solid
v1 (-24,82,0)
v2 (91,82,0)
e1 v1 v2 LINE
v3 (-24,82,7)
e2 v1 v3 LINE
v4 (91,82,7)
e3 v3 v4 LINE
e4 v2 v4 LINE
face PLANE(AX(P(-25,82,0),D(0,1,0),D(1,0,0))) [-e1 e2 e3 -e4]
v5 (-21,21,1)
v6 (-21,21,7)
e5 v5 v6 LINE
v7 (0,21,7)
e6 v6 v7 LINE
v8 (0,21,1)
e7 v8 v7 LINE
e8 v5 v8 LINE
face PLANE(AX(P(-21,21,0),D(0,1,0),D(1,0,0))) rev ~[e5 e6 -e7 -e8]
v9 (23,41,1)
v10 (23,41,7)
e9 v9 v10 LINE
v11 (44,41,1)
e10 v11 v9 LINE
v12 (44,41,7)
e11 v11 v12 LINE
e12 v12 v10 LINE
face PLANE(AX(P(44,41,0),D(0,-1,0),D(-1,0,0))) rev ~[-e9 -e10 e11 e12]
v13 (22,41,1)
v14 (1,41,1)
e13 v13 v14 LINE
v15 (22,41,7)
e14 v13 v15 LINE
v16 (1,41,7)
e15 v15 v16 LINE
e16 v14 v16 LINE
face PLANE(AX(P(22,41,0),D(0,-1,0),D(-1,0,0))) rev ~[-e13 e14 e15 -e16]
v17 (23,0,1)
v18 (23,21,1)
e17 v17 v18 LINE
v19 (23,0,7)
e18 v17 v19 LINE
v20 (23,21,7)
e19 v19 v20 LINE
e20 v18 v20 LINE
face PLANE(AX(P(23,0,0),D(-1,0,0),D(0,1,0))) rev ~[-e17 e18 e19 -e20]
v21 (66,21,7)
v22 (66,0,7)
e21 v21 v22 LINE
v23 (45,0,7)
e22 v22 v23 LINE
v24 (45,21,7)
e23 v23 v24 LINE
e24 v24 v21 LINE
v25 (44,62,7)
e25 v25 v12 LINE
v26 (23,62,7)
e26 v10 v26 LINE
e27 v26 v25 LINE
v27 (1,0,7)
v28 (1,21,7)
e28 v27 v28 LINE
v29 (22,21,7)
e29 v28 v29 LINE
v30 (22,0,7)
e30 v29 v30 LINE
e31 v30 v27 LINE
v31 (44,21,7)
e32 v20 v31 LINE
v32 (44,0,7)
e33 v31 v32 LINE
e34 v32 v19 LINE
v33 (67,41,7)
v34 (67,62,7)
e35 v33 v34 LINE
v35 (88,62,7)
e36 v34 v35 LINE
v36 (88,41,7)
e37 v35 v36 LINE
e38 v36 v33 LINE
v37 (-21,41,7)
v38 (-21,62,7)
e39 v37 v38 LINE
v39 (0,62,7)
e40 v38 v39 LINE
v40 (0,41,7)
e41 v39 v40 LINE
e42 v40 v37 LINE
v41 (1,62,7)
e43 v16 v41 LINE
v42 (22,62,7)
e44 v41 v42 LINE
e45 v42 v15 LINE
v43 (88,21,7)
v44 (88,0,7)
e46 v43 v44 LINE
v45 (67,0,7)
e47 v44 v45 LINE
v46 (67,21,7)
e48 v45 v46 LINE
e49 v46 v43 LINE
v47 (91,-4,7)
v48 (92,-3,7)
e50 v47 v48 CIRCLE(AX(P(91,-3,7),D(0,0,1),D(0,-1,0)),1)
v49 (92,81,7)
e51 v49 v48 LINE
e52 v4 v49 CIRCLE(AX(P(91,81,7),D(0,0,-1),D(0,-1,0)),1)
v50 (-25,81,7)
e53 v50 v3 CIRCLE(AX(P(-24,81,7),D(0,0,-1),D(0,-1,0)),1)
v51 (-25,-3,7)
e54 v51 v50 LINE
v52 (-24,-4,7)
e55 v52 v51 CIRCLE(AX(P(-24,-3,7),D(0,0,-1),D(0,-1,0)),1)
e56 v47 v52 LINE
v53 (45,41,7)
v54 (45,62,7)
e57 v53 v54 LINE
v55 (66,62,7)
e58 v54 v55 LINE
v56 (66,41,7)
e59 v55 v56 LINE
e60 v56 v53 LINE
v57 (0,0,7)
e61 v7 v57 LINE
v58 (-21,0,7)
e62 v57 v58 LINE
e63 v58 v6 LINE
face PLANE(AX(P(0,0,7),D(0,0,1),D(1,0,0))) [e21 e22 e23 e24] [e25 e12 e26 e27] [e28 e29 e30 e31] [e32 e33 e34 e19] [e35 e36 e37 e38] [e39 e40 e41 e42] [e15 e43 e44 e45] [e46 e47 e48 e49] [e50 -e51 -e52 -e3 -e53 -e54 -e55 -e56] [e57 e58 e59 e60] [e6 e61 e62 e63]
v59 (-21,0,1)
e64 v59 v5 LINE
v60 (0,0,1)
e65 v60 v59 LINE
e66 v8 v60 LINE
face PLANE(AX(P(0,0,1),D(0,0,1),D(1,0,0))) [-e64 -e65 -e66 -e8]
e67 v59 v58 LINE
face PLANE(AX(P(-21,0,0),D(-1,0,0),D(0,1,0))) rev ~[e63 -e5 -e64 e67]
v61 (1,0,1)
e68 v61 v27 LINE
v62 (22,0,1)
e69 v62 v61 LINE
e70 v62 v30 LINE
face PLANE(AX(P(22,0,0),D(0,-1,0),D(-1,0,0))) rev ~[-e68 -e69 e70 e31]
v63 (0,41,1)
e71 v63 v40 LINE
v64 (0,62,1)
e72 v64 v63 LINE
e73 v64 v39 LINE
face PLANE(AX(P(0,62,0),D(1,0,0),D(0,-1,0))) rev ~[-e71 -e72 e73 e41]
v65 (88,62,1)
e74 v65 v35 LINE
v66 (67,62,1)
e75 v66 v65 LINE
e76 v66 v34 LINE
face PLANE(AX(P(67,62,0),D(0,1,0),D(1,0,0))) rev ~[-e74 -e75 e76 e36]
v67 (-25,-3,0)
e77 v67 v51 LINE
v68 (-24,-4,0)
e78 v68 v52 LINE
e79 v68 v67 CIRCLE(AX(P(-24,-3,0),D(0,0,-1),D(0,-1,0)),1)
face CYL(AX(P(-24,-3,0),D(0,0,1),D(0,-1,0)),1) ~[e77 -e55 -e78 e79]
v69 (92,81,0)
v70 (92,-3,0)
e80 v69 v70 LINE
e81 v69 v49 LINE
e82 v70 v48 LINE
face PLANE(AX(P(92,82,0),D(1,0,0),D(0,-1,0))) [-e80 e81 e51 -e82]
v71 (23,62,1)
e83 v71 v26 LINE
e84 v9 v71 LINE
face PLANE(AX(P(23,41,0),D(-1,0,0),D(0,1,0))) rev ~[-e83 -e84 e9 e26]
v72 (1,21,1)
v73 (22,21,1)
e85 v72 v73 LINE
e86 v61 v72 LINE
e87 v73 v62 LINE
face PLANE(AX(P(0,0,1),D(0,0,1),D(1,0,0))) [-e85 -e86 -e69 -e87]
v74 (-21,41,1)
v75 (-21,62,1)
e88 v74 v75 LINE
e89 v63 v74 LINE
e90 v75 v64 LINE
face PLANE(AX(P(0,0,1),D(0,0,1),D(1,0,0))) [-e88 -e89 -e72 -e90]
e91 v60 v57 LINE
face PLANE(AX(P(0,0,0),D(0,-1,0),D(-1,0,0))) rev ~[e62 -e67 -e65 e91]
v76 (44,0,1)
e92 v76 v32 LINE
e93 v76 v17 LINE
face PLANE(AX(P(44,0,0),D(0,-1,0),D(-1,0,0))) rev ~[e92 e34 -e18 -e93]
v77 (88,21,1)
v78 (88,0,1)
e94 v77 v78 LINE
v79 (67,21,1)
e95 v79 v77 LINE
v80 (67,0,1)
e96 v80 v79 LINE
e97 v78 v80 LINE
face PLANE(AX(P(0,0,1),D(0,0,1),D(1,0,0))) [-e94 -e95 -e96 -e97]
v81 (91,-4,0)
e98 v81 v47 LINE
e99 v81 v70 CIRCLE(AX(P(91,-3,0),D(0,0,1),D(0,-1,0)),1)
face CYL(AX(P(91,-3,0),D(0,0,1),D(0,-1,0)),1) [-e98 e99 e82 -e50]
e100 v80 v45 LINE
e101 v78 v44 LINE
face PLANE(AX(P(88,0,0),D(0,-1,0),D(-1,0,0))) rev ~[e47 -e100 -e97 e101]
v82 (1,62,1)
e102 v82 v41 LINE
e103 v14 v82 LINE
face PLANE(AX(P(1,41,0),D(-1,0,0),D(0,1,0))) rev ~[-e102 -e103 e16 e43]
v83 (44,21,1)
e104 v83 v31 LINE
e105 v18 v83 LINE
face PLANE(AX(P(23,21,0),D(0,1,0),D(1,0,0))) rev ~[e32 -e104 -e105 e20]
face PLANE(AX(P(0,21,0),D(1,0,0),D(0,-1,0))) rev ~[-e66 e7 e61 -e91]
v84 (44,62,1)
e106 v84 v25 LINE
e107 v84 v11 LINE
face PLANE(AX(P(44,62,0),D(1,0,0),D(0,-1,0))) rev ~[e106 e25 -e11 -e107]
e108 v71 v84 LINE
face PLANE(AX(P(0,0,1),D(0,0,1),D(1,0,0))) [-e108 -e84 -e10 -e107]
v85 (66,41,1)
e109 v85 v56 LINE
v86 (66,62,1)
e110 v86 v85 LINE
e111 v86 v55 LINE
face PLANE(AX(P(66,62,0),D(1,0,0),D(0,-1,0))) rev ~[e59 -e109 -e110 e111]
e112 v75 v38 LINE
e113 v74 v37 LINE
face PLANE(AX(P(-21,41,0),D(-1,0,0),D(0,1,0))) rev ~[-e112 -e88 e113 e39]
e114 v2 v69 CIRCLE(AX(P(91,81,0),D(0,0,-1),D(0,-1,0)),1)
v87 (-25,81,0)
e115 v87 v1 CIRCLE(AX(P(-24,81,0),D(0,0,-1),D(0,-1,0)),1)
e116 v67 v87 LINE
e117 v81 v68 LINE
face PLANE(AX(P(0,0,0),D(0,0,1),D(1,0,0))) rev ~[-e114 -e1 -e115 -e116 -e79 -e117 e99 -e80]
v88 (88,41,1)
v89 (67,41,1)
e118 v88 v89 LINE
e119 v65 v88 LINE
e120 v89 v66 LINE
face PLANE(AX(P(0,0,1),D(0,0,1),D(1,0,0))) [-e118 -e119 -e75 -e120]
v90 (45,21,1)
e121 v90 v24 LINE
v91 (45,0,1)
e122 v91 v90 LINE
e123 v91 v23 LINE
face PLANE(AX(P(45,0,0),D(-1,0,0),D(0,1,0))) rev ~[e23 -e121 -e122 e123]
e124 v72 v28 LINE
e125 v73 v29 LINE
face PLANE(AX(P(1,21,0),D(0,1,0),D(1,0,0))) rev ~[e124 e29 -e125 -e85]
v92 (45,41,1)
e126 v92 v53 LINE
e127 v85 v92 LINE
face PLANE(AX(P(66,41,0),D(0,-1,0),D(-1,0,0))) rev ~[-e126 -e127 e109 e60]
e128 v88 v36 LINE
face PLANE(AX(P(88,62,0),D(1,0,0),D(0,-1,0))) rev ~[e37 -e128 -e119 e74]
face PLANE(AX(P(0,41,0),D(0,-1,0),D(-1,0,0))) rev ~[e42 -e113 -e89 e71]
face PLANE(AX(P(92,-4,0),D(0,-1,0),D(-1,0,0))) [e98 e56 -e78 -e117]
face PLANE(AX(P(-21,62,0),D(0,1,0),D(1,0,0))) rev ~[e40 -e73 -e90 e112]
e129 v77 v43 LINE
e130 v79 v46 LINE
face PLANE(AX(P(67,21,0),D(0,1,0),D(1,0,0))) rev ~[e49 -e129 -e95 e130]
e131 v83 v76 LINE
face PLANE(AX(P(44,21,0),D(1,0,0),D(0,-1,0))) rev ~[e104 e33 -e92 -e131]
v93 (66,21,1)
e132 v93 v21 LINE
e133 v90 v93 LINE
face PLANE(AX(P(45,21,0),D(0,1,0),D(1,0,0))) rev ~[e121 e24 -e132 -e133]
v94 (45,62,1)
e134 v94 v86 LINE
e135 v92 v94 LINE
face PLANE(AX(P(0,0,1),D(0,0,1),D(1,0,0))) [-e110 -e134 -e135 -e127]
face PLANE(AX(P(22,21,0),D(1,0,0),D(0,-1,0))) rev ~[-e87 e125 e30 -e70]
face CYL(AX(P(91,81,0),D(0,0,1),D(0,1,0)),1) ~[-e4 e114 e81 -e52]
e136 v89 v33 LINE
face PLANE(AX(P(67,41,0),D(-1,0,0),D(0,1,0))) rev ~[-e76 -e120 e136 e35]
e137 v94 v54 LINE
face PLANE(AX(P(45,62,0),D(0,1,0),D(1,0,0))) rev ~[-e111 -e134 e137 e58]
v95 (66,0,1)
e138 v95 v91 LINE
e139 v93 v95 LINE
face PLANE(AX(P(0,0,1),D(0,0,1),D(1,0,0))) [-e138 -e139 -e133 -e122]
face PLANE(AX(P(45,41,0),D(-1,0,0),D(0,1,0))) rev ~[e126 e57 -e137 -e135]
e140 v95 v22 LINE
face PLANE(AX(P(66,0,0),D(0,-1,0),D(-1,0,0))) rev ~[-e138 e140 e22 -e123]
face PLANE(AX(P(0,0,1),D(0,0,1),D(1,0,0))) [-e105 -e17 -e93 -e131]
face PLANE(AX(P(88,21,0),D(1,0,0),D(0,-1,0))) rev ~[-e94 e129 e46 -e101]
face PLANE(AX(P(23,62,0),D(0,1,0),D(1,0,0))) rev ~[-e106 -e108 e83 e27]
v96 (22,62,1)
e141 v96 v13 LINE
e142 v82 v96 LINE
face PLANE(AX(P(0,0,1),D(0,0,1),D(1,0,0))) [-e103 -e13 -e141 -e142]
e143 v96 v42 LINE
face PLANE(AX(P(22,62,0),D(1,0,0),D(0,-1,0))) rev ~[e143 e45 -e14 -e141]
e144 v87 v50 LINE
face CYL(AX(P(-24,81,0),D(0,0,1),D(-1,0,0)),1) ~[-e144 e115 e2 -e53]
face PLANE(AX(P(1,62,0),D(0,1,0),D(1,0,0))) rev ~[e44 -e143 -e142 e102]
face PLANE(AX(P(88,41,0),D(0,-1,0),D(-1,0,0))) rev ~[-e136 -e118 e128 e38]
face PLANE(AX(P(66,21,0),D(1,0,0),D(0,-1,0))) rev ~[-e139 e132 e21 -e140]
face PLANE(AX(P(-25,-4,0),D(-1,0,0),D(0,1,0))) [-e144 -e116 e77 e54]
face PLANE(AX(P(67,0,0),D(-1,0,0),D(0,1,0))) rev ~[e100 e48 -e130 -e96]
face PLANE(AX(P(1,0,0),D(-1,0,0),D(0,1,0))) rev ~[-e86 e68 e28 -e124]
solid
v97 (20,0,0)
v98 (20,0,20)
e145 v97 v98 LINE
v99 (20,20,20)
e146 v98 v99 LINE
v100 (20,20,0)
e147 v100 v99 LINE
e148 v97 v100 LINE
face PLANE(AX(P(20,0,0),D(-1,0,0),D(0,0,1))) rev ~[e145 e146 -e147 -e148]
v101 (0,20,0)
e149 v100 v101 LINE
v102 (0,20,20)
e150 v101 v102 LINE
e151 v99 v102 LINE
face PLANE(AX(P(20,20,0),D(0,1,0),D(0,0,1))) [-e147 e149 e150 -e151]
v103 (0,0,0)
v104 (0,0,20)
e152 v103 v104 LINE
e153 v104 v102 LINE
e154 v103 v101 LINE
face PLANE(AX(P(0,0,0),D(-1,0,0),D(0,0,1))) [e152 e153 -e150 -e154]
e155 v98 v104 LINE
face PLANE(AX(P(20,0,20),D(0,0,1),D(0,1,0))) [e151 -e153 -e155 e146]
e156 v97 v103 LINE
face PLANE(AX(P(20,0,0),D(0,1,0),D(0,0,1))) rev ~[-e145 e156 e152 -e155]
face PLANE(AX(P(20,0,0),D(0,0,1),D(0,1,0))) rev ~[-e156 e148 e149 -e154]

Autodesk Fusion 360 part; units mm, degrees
box "BoxPrimitive1" add length 20 width 20 height 20 placed x (0, 1, 0) y (-1, 0, 0) z (0, 0, 1) at (20, 0, 0) makes body 1 in component "20x20 Cube"
sketch "Sketch1" plane through (0, 0, 0) normal (0, 0, 1) x (1, 0, 0) in component "Cube Holder"
  line L0 (0, 0) -> (-21, 0)
  line L1 (-21, 0) -> (-21, 21)
  line L2 (-21, 21) -> (0, 21)
  line L3 (0, 21) -> (0, 0)
  line L4 (22, 0) -> (1, 0)
  line L5 (1, 0) -> (1, 21)
  line L6 (1, 21) -> (22, 21)
  line L7 (22, 21) -> (22, 0)
  line L8 (44, 0) -> (23, 0)
  line L9 (23, 0) -> (23, 21)
  line L10 (23, 21) -> (44, 21)
  line L11 (44, 21) -> (44, 0)
  line L12 (66, 0) -> (45, 0)
  line L13 (45, 0) -> (45, 21)
  line L14 (45, 21) -> (66, 21)
  line L15 (66, 21) -> (66, 0)
  line L16 (88, 0) -> (67, 0)
  line L17 (67, 0) -> (67, 21)
  line L18 (67, 21) -> (88, 21)
  line L19 (88, 21) -> (88, 0)
  line L20 (0, 41) -> (-21, 41)
  line L21 (-21, 41) -> (-21, 62)
  line L22 (-21, 62) -> (0, 62)
  line L23 (0, 62) -> (0, 41)
  line L24 (22, 41) -> (1, 41)
  line L25 (1, 41) -> (1, 62)
  line L26 (1, 62) -> (22, 62)
  line L27 (22, 62) -> (22, 41)
  line L28 (44, 41) -> (23, 41)
  line L29 (23, 41) -> (23, 62)
  line L30 (23, 62) -> (44, 62)
  line L31 (44, 62) -> (44, 41)
  line L32 (66, 41) -> (45, 41)
  line L33 (45, 41) -> (45, 62)
  line L34 (45, 62) -> (66, 62)
  line L35 (66, 62) -> (66, 41)
  line L36 (88, 41) -> (67, 41)
  line L37 (67, 41) -> (67, 62)
  line L38 (67, 62) -> (88, 62)
  line L39 (88, 62) -> (88, 41)
  line L40 (92, -4) -> (-25, -4)
  line L41 (-25, -4) -> (-25, 82)
  line L42 (-25, 82) -> (92, 82)
  line L43 (92, 82) -> (92, -4)
  dimension "d8" = 21
  dimension "d9" = 21
  dimension "d12" = 22
  dimension "d13" = 41
  dimension "d14" = 4
  dimension "d15" = 4
  dimension "d16" = 20
  dimension "d17" = 20
  dimension "d18" = 4
extrude "Extrude1" add sketch "Sketch1" along normal blind 1 separate body contours L0 L1 L2 L3 | L4 L5 L6 L7 | L8 L9 L10 L11 | L12 L13 L14 L15 | L16 L17 L18 L19 | L20 L21 L22 L23 | L24 L25 L26 L27 | L28 L29 L30 L31 | L32 L33 L34 L35 | L36 L37 L38 L39 makes body 2 at (30, 48, 0) makes body 3 at (52, 7, 0) makes body 4 at (-7, 7, 0) makes body 5 at (74, 7, 0) makes body 6 at (15, 48, 0) makes body 7 at (52, 48, 0) makes body 8 at (37, 14, 0) makes body 9 at (8, 7, 0) makes body 10 at (74, 48, 0) makes body 11 at (-7, 48, 0) in component "Cube Holder"
extrude "Extrude2" add sketch "Sketch1" along normal blind 7 bodies 2 3 4 5 6 7 8 9 10 11 in component "Cube Holder"
fillet "Fillet1" radius 1 4 edges at (92, -4, 3.5) (-25, -4, 3.5) (-25, 82, 3.5) (92, 82, 3.5) on bodies 2 in component "Cube Holder"
component "20x20 Cube" placed x (1, 0, 0) y (0, 1, 0) z (0, 0, 1) at (0, 0, 0)
component "Cube Holder" placed x (1, 0, 0) y (0, 1, 0) z (0, 0, 1) at (0, 0, 0)
equation "d14 = d15"
equation "d17 = d16"
equation "d18 = d15"
